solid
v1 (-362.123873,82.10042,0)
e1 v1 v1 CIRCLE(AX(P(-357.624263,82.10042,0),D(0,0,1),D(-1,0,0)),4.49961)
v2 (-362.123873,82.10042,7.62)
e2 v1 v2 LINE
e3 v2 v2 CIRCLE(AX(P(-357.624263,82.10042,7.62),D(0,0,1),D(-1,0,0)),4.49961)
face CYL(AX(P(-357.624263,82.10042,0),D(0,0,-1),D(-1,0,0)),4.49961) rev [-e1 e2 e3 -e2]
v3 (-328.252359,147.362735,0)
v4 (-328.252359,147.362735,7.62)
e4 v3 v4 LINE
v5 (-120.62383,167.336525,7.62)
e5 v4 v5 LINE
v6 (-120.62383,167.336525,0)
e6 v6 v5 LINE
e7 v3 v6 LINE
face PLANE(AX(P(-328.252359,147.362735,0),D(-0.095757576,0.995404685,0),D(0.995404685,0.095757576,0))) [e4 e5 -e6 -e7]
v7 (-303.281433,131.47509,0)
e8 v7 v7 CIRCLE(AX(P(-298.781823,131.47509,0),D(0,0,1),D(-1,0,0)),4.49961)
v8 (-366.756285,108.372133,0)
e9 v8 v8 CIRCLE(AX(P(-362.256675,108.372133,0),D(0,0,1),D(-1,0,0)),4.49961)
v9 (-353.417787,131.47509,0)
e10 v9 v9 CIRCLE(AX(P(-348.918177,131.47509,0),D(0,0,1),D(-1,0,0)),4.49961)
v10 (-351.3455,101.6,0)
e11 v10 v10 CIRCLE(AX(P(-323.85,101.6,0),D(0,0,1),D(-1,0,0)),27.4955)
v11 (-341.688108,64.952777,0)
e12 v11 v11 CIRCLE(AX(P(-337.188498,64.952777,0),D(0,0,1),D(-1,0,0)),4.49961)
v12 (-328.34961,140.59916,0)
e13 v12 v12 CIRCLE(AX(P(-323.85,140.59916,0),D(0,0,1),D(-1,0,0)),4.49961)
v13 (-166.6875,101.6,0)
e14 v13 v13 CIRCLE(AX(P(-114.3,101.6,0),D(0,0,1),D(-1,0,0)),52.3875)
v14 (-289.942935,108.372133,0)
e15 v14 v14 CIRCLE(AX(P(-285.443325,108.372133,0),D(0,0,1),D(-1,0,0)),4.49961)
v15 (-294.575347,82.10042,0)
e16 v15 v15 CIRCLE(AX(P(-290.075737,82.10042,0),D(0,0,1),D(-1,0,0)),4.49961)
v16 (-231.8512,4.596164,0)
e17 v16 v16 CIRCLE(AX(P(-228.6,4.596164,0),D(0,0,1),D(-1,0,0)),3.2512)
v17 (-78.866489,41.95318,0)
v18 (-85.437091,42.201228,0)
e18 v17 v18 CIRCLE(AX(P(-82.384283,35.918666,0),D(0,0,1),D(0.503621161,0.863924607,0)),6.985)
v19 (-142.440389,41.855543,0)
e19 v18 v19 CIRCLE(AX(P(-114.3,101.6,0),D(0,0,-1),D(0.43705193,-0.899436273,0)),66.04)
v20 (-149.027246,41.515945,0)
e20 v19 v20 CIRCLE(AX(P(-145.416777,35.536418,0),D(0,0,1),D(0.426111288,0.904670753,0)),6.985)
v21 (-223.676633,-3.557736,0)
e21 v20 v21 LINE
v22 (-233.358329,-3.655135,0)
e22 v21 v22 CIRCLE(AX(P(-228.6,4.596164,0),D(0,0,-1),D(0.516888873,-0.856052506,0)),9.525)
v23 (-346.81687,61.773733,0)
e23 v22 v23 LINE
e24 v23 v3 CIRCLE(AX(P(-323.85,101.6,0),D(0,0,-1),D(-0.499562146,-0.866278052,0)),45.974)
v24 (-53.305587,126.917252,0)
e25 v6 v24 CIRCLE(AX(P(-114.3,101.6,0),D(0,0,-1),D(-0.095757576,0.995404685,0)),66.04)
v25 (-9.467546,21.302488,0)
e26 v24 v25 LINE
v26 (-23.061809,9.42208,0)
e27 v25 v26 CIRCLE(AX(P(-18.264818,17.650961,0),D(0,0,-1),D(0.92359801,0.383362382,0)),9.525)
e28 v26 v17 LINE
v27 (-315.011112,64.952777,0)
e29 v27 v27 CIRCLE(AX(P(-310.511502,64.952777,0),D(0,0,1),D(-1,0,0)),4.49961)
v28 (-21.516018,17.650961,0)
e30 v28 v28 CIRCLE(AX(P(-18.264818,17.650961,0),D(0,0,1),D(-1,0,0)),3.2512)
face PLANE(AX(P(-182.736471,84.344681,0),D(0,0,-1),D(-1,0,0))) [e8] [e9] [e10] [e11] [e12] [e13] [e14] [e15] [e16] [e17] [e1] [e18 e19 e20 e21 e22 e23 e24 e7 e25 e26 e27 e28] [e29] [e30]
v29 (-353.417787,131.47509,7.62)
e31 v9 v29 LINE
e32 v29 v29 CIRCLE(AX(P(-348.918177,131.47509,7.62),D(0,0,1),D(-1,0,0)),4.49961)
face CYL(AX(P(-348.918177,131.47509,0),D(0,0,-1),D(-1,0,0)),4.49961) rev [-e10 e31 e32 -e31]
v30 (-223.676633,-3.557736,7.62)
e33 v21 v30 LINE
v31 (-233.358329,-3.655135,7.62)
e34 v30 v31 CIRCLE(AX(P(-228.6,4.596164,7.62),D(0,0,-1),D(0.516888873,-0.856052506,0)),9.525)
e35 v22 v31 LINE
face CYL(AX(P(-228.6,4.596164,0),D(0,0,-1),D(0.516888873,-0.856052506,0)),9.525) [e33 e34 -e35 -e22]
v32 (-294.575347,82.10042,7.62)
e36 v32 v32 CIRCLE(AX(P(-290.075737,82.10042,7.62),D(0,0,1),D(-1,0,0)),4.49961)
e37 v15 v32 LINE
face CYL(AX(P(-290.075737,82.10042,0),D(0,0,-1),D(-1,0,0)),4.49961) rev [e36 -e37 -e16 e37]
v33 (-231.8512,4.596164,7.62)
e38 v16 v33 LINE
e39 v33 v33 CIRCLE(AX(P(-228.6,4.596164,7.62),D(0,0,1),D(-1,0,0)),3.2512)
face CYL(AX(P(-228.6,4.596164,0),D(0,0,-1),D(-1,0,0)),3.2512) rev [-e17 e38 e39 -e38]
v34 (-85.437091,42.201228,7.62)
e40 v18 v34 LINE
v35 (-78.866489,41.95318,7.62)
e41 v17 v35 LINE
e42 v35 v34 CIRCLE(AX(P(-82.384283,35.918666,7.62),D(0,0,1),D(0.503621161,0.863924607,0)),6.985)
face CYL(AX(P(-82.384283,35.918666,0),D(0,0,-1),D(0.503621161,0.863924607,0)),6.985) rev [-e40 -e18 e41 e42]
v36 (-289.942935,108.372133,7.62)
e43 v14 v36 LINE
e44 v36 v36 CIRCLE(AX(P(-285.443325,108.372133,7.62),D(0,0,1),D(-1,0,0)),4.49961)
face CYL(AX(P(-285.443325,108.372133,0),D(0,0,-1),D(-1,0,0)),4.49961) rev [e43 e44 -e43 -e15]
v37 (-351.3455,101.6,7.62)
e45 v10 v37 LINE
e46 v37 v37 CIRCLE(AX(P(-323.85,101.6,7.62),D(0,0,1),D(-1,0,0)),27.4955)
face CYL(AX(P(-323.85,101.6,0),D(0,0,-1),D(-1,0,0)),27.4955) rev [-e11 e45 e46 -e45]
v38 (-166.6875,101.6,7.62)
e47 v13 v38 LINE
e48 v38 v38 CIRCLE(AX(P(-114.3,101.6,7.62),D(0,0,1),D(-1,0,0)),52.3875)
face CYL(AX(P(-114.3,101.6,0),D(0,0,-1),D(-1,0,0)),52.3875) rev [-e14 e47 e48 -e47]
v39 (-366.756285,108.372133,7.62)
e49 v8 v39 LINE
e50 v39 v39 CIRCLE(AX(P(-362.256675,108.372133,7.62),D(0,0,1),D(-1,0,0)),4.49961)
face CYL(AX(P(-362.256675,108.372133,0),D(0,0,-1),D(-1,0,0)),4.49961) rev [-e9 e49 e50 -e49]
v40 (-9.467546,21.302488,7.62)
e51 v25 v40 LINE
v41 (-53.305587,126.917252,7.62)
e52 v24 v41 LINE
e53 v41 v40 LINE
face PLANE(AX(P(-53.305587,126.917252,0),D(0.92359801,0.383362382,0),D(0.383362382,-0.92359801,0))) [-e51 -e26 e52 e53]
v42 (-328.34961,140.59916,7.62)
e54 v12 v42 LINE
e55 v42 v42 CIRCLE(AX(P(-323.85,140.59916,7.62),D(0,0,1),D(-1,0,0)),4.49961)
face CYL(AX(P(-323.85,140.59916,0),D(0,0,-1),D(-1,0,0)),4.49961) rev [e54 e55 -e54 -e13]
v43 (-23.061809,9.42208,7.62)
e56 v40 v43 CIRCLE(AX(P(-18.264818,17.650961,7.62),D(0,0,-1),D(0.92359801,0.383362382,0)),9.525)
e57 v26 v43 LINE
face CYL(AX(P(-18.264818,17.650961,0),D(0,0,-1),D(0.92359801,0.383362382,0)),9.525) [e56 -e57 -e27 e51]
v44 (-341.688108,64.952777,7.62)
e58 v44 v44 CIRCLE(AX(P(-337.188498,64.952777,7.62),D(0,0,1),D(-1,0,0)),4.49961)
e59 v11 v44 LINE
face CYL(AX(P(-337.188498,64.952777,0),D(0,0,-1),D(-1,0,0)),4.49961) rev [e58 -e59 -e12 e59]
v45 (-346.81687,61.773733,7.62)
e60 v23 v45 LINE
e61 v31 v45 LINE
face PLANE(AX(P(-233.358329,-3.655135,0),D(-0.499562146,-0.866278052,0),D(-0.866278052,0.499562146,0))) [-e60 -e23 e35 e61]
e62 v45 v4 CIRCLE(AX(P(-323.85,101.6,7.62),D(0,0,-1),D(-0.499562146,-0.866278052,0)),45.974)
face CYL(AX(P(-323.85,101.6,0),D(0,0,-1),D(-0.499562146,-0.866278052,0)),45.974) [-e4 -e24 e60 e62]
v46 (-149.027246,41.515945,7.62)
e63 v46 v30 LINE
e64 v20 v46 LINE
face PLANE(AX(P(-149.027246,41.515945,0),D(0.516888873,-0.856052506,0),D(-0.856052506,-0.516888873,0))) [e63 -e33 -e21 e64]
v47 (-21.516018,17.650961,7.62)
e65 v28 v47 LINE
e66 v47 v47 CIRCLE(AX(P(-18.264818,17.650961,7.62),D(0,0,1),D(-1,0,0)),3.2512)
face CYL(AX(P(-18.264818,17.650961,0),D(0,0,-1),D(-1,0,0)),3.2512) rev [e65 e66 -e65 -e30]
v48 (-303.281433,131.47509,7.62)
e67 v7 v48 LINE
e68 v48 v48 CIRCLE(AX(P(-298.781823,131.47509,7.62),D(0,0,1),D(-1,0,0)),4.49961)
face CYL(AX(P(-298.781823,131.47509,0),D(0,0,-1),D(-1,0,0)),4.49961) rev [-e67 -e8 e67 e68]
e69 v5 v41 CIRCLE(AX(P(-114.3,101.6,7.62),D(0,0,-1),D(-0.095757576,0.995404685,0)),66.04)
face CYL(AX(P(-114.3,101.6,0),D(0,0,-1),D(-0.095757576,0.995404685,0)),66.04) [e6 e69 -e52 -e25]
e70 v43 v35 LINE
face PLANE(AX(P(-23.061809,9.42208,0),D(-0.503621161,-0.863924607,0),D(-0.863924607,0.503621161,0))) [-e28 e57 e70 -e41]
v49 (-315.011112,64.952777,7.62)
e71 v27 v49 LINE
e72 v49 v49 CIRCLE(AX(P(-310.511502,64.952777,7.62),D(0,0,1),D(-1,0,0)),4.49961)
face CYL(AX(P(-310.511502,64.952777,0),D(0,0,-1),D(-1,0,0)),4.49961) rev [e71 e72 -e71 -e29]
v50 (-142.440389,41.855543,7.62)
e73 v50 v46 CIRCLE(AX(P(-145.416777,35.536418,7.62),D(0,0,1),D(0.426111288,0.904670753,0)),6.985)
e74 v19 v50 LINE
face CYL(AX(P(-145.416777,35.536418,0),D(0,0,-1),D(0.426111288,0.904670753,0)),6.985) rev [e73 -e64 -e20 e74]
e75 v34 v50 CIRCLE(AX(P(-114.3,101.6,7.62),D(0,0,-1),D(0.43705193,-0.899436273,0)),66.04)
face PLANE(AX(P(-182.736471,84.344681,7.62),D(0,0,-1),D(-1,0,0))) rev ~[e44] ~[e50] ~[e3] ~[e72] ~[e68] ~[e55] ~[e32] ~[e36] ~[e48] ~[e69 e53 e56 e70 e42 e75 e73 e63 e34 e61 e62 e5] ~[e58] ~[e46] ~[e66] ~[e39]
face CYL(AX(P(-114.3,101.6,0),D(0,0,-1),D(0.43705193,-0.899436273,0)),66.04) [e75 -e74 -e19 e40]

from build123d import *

# Parameters (mm, degrees)
SKETCH1_R           = 27.4955
SKETCH1_R_2         = 52.3875
SKETCH1_R_3         = 3.2512
SKETCH1_R_4         = 4.49961
BOSS_EXTRUDE1_DEPTH = 7.62


with BuildPart() as part:
    # Sketch1 → Boss-Extrude1 (new body)
    with BuildSketch(Plane.XY):
        with BuildLine():
            Line((-328.252358788, 147.362734983), (-120.623830303, 167.33652539))
            ThreePointArc((-120.623830303, 167.33652539), (-80.305183306, 158.218318925), (-53.30558743, 126.917251733))
            Line((-53.30558743, 126.917251733), (-9.46754648, 21.302488163))
            ThreePointArc((-9.46754648, 21.302488163), (-11.996916286, 10.47886003), (-23.061809086, 9.422079593))
            Line((-23.061809086, 9.422079593), (-78.866488962, 41.953179506))
            ThreePointArc((-78.866488962, 41.953179506), (-82.120777387, 42.89869406), (-85.437090509, 42.2012285))
            ThreePointArc((-85.437090509, 42.2012285), (-113.899521097, 35.561214301), (-142.440389403, 41.855543485))
            ThreePointArc((-142.440389403, 41.855543485), (-145.776424621, 42.51215325), (-149.027245523, 41.515945031))
            Line((-149.027245523, 41.515945031), (-223.676633484, -3.557736497))
            ThreePointArc((-223.676633484, -3.557736497), (-228.504182895, -4.928354428), (-233.358329437, -3.655134819))
            Line((-233.358329437, -3.655134819), (-346.816870084, 61.773732857))
            ThreePointArc((-346.816870084, 61.773732857), (-368.77925543, 111.345290274), (-328.252358788, 147.362734983))
        make_face()
        with Locations(Location((-323.85, 101.6, 0), (0, 0, 180))):
            Circle(SKETCH1_R, mode=Mode.SUBTRACT)
        with Locations(Location((-114.3, 101.6, 0), (0, 0, 180))):
            Circle(SKETCH1_R_2, mode=Mode.SUBTRACT)
        with Locations(Location((-228.6, 4.596163622, 0), (0, 0, 180))):
            Circle(SKETCH1_R_3, mode=Mode.SUBTRACT)
        with Locations(Location((-18.264817524, 17.65096147, 0), (0, 0, 180))):
            Circle(SKETCH1_R_3, mode=Mode.SUBTRACT)
        with Locations(Location((-323.85, 140.59916, 0), (0, 0, 180))):
            Circle(SKETCH1_R_4, mode=Mode.SUBTRACT)
        with Locations(Location((-298.781823164, 131.475089804, 0), (0, 0, 180))):
            Circle(SKETCH1_R_4, mode=Mode.SUBTRACT)
        with Locations(Location((-285.443324871, 108.372133065, 0), (0, 0, 180))):
            Circle(SKETCH1_R_4, mode=Mode.SUBTRACT)
        with Locations(Location((-290.075736714, 82.10042, 0), (0, 0, 180))):
            Circle(SKETCH1_R_4, mode=Mode.SUBTRACT)
        with Locations(Location((-310.511501707, 64.952777131, 0), (0, 0, 180))):
            Circle(SKETCH1_R_4, mode=Mode.SUBTRACT)
        with Locations(Location((-337.188498293, 64.952777131, 0), (0, 0, 180))):
            Circle(SKETCH1_R_4, mode=Mode.SUBTRACT)
        with Locations(Location((-357.624263286, 82.10042, 0), (0, 0, 180))):
            Circle(SKETCH1_R_4, mode=Mode.SUBTRACT)
        with Locations(Location((-362.256675129, 108.372133065, 0), (0, 0, 180))):
            Circle(SKETCH1_R_4, mode=Mode.SUBTRACT)
        with Locations(Location((-348.918176836, 131.475089804, 0), (0, 0, 180))):
            Circle(SKETCH1_R_4, mode=Mode.SUBTRACT)
    extrude(amount=BOSS_EXTRUDE1_DEPTH)


solid = part.part
